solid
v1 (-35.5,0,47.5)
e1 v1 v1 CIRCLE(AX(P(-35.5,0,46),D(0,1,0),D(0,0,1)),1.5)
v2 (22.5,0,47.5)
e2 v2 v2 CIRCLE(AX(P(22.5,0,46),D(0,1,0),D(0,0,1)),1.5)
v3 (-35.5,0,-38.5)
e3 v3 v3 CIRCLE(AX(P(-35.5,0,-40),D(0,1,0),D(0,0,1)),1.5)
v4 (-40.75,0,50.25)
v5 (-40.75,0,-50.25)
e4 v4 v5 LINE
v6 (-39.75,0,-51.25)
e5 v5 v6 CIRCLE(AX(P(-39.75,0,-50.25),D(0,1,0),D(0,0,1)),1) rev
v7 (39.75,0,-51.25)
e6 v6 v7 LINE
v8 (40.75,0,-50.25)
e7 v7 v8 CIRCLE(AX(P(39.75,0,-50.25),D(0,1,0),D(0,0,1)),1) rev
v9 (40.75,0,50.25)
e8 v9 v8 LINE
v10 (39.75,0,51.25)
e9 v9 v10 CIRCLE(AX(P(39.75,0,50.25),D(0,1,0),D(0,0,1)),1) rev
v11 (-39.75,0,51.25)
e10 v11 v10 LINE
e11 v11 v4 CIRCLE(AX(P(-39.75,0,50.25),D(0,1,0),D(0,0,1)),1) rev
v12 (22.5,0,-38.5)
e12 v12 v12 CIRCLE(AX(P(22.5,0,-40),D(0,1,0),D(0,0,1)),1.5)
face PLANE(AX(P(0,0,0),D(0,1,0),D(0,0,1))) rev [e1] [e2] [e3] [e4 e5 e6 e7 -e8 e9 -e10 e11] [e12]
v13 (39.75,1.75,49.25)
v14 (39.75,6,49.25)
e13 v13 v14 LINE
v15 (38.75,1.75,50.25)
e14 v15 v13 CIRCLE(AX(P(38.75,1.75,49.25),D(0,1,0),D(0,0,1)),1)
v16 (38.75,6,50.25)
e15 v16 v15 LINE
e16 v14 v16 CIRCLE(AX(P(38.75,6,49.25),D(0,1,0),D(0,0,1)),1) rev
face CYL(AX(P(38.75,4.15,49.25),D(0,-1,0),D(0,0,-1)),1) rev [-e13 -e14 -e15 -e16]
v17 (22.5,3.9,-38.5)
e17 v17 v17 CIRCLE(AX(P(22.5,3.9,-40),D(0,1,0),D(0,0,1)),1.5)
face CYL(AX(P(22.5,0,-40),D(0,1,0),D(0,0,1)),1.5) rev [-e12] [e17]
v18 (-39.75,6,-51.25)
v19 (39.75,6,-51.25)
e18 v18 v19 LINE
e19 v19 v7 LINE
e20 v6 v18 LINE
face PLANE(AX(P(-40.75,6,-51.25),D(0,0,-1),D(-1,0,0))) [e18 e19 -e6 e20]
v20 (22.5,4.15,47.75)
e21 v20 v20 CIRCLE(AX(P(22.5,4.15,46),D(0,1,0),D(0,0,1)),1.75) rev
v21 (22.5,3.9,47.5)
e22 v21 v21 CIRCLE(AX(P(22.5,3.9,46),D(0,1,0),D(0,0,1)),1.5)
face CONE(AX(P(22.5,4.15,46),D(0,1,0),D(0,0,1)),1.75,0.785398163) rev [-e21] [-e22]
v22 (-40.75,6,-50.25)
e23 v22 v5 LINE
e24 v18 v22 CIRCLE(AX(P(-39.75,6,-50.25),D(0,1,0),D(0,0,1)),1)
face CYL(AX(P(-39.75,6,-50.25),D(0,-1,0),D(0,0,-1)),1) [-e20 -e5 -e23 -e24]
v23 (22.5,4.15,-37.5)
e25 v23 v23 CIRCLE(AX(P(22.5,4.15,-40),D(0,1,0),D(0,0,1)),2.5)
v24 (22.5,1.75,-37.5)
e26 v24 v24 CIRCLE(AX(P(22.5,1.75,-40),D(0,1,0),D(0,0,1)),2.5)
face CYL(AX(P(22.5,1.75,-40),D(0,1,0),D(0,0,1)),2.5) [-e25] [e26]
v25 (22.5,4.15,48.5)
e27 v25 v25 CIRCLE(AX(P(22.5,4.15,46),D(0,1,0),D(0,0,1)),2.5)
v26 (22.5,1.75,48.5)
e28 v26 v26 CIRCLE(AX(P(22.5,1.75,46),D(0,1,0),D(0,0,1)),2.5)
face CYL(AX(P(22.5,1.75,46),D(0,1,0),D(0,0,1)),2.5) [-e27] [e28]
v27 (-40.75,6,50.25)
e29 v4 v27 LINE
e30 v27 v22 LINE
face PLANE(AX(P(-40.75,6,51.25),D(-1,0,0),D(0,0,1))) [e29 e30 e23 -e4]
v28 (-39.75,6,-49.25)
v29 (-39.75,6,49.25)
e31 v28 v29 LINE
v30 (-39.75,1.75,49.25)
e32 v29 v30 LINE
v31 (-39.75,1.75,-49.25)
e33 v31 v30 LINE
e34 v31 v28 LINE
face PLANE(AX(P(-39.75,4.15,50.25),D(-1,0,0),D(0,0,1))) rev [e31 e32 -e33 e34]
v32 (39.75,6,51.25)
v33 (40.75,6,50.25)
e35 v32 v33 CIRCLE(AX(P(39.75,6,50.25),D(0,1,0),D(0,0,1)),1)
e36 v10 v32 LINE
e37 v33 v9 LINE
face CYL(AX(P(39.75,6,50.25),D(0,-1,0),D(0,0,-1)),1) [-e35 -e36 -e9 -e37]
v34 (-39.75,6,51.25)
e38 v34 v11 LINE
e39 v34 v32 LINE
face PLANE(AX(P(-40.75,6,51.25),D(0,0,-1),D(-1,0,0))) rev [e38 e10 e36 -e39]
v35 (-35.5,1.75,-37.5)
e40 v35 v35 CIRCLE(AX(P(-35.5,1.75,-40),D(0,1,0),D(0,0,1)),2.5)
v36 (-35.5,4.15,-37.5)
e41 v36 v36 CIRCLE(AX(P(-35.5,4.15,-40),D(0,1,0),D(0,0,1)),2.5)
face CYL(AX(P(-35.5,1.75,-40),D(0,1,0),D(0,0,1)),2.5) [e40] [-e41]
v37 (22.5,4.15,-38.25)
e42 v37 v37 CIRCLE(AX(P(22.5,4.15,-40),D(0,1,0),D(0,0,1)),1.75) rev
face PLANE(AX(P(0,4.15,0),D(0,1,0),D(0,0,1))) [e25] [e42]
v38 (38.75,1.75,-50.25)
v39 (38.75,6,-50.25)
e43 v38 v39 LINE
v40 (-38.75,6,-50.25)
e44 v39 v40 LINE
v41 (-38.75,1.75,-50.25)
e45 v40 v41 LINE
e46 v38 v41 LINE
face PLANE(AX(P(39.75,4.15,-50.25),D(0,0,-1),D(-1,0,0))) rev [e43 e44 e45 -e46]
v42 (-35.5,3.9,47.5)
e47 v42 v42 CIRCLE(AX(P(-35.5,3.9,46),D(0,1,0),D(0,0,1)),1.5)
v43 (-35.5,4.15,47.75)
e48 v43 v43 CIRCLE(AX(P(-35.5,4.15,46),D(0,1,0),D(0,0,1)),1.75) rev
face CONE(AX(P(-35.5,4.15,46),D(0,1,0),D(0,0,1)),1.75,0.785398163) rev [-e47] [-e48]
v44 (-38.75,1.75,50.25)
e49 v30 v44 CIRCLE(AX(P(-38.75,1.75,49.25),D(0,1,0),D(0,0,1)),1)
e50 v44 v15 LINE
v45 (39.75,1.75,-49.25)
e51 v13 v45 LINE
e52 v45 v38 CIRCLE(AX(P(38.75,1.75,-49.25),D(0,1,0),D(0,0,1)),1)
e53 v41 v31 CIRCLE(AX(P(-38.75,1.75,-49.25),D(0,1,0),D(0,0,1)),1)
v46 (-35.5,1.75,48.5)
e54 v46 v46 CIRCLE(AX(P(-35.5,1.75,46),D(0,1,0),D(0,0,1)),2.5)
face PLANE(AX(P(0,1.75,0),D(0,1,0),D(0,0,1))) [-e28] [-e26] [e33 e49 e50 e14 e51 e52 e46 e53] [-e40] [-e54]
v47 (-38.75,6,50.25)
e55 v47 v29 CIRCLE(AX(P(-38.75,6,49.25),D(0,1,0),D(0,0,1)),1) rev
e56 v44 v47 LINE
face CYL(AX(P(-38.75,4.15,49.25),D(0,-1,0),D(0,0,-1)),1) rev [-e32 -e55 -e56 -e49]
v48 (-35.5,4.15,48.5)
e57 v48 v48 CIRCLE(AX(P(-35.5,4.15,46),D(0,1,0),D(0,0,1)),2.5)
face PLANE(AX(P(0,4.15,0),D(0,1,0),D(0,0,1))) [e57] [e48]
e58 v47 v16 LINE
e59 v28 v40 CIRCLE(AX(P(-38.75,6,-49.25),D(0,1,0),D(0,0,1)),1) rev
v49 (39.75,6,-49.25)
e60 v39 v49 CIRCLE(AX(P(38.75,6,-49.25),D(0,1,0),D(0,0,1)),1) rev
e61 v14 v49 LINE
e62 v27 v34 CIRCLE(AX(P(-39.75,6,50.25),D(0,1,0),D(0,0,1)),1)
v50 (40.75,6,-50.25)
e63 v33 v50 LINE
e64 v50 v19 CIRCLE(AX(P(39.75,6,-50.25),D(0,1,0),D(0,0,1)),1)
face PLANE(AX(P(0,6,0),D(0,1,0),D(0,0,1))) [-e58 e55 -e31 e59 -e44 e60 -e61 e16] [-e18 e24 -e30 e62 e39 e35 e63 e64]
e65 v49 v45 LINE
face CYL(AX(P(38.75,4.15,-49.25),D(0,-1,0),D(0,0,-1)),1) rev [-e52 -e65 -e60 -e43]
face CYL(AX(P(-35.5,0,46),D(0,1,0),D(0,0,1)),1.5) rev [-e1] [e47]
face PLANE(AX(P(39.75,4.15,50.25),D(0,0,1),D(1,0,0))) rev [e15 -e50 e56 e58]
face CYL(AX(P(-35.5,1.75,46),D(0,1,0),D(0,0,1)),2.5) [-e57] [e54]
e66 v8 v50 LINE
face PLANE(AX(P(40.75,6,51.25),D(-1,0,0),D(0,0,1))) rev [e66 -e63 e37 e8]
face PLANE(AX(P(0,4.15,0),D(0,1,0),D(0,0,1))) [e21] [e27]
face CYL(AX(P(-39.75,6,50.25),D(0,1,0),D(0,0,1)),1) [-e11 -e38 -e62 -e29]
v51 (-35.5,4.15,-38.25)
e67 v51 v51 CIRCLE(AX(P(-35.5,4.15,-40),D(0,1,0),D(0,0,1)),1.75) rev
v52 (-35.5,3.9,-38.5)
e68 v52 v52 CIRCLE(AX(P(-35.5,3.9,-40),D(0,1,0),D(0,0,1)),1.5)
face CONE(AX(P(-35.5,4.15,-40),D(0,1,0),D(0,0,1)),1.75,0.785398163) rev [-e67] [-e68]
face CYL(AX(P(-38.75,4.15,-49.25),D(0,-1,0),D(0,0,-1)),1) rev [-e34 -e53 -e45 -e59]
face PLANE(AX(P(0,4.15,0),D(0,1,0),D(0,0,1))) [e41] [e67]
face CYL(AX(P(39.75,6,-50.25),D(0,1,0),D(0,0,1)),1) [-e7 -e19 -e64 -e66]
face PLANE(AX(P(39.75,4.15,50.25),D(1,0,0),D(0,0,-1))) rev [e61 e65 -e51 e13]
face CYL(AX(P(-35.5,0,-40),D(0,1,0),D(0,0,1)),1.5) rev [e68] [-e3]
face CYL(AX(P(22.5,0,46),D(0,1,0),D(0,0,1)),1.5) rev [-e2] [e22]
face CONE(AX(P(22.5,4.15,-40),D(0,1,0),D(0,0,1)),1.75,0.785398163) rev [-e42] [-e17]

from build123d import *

# Parameters (mm, degrees)
SKETCH1_W           = 81.5
SKETCH1_H           = 102.5
BOSS_EXTRUDE1_DEPTH = 6
SKETCH2_R           = 1.5
CUT_EXTRUDE1_DEPTH  = 7
SKETCH7_W           = 79.5
SKETCH7_H           = 100.5
CUT_EXTRUDE3_DEPTH  = 1.85
SKETCH8_W           = 79.5
SKETCH8_H           = 100.5
SKETCH8_R           = 2.5
CUT_EXTRUDE4_DEPTH  = 2.4
FILLET1_R           = 1
CHAMFER1_SIZE       = 0.25


with BuildPart() as part:
    # Sketch1 → Boss-Extrude1 (new body)
    with BuildSketch(Plane(origin=(0, 0, 0), x_dir=(1, 0, 0), z_dir=(0, 1, 0))):
        Rectangle(SKETCH1_W, SKETCH1_H)
    extrude(amount=BOSS_EXTRUDE1_DEPTH)

    # Sketch2 → Cut-Extrude1 (cut, through all)
    with BuildSketch(Plane(origin=(0, 6, 0), x_dir=(1, 0, 0), z_dir=(0, 1, 0))):
        with Locations((-35.5, -46)):
            Circle(SKETCH2_R)
        with Locations((-35.5, 40)):
            Circle(SKETCH2_R)
        with Locations((22.5, -46)):
            Circle(SKETCH2_R)
        with Locations((22.5, 40)):
            Circle(SKETCH2_R)
    extrude(amount=-CUT_EXTRUDE1_DEPTH, mode=Mode.SUBTRACT)

    # Sketch7 → Cut-Extrude3 (cut)
    with BuildSketch(Plane(origin=(0, 6, 0), x_dir=(1, 0, 0), z_dir=(0, 1, 0))):
        Rectangle(SKETCH7_W, SKETCH7_H)
    extrude(amount=-CUT_EXTRUDE3_DEPTH, mode=Mode.SUBTRACT)

    # Sketch8 → Cut-Extrude4 (cut)
    with BuildSketch(Plane(origin=(0, 4.15, 0), x_dir=(1, 0, 0), z_dir=(0, 1, 0))):
        Rectangle(SKETCH8_W, SKETCH8_H)
        with Locations((-35.5, 40)):
            Circle(SKETCH8_R, mode=Mode.SUBTRACT)
        with Locations((22.5, 40)):
            Circle(SKETCH8_R, mode=Mode.SUBTRACT)
        with Locations((-35.5, -46)):
            Circle(SKETCH8_R, mode=Mode.SUBTRACT)
        with Locations((22.5, -46)):
            Circle(SKETCH8_R, mode=Mode.SUBTRACT)
    extrude(amount=-CUT_EXTRUDE4_DEPTH, mode=Mode.SUBTRACT)

    # Fillet1
    fillet1_edges = [part.edges().sort_by_distance(p)[0] for p in [
        (-39.75, 3.875, 50.25),
        (-39.75, 3.875, -50.25),
        (39.75, 3.875, -50.25),
        (39.75, 3.875, 50.25),
        (-40.75, 3, 51.25),
        (-40.75, 3, -51.25),
        (40.75, 3, -51.25),
        (40.75, 3, 51.25),
    ]]
    fillet(fillet1_edges, radius=FILLET1_R)

    # Chamfer1
    chamfer1_edges = [part.edges().sort_by_distance(p)[0] for p in [
        (-37, 4.15, 46),
        (21, 4.15, -40),
        (21, 4.15, 46),
        (-37, 4.15, -40),
    ]]
    chamfer(chamfer1_edges, length=CHAMFER1_SIZE)


solid = part.part
